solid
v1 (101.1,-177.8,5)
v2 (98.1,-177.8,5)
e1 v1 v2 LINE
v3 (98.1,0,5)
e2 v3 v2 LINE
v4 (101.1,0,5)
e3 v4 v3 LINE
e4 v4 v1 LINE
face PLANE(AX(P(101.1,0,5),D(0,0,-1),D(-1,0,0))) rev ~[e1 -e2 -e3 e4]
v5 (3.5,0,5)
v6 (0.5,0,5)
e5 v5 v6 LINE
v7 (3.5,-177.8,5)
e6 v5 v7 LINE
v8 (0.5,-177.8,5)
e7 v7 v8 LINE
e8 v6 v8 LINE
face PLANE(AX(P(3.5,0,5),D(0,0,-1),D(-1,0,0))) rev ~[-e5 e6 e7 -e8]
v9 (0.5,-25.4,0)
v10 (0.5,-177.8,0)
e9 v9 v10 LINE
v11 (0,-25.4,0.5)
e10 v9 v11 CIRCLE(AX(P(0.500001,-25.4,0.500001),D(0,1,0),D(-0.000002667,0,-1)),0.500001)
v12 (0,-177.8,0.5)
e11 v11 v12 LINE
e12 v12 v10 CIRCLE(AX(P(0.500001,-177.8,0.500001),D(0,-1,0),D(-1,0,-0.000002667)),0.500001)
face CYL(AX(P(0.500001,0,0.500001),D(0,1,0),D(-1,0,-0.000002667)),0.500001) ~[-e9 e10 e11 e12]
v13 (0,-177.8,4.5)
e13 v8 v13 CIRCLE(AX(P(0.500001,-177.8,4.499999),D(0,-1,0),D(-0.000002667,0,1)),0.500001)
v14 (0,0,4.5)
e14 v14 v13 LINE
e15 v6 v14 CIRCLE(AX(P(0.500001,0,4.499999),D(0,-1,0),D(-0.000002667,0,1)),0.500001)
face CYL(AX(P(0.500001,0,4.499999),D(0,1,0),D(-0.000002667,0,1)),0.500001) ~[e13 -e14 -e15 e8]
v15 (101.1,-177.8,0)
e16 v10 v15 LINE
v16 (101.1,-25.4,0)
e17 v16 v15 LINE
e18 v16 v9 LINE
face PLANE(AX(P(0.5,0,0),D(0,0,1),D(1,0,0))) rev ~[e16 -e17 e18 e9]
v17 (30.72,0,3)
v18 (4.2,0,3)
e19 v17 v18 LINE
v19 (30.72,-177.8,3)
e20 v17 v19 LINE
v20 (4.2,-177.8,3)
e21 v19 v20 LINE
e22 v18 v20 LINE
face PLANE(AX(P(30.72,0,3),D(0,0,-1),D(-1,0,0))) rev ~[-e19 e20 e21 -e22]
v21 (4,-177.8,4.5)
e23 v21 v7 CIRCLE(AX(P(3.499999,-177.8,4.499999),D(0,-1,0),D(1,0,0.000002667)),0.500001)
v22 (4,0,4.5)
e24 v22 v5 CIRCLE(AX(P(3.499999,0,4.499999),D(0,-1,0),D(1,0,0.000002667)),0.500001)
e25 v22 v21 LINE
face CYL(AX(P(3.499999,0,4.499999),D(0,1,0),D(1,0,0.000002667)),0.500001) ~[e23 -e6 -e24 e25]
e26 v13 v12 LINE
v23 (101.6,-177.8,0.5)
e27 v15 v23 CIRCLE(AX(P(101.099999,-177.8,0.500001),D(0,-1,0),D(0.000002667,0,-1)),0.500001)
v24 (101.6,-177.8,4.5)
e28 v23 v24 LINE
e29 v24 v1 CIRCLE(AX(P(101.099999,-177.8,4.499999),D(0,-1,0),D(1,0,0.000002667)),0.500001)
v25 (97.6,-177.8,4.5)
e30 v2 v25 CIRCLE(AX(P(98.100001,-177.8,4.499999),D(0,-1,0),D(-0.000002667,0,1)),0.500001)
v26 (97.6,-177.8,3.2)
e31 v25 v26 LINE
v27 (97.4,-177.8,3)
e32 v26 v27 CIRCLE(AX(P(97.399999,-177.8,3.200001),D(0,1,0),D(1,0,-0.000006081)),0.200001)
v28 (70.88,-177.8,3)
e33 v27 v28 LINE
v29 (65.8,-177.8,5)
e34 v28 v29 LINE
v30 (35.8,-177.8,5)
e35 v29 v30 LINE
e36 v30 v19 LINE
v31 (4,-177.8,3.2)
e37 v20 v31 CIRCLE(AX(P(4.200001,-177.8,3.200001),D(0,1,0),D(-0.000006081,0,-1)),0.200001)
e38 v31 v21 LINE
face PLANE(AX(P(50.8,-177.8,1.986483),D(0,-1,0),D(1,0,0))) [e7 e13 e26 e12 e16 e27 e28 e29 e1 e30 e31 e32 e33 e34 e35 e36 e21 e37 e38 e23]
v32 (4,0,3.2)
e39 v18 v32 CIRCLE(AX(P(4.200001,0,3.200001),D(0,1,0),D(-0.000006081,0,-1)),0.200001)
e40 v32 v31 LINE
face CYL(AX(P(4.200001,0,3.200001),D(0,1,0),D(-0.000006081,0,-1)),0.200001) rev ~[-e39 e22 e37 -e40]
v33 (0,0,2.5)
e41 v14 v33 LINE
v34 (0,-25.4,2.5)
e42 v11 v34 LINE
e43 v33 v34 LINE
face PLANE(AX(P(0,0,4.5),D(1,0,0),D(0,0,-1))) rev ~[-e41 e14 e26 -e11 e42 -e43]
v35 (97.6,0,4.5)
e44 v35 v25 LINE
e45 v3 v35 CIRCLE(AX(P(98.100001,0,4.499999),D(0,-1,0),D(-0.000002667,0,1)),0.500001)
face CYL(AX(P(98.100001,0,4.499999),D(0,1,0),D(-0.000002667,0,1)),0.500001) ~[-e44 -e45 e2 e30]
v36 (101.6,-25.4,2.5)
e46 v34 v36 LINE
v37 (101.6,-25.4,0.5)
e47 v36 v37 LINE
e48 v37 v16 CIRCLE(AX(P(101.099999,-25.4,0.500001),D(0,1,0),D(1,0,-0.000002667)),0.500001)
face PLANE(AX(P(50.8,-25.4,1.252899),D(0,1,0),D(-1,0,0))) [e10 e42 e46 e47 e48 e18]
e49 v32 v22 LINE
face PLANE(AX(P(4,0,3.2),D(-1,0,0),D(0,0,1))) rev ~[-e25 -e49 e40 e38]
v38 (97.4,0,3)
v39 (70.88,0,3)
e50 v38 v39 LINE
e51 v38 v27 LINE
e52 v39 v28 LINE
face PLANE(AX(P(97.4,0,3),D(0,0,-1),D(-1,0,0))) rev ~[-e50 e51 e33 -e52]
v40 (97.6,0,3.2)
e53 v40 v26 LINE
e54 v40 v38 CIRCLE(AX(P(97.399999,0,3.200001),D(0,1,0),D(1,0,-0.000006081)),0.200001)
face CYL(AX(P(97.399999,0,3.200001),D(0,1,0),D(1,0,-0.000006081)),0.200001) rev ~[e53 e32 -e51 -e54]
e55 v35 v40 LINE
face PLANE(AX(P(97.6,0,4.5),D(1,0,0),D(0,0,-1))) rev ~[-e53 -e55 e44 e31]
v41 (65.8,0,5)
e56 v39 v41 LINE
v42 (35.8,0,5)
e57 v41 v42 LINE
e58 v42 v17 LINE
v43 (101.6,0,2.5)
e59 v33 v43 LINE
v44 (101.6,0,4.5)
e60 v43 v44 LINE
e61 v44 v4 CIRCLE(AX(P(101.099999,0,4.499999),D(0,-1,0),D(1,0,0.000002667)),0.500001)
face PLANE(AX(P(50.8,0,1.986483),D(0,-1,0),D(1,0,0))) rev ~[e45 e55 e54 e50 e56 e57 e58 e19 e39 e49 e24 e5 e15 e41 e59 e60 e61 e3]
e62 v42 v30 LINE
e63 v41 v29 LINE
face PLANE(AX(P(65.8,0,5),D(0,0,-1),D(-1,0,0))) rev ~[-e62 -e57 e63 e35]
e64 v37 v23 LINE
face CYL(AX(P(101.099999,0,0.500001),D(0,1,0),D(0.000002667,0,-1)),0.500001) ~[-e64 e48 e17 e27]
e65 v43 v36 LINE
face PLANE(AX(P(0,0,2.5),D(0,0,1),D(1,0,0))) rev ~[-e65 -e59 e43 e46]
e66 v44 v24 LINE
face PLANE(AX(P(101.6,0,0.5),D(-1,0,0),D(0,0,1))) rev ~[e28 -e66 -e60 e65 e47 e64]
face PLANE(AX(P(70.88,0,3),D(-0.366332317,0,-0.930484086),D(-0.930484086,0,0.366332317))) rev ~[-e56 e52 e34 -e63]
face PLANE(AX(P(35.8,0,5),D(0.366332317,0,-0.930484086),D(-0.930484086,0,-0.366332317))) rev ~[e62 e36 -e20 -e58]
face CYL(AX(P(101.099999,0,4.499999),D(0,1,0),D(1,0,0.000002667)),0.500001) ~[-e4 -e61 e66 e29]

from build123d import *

# Parameters (mm, degrees)
F1_DEPTH = 177.8
F3_DEPTH = 25.4


with BuildPart() as f1:
    # F0 (on Front) → F1 (new body)
    with BuildSketch(Plane.XZ):
        with BuildLine():
            ThreePointArc((0, 0.5), (0.146447, 0.146447), (0.5, 0))
            Line((0.5, 0), (101.1, 0))
            ThreePointArc((101.1, 0), (101.453553, 0.146447), (101.6, 0.5))
            Line((101.6, 0.5), (101.6, 4.5))
            ThreePointArc((101.6, 4.5), (101.453553, 4.853553), (101.1, 5))
            Line((101.1, 5), (98.1, 5))
            ThreePointArc((98.1, 5), (97.746447, 4.853553), (97.6, 4.5))
            Line((97.6, 4.5), (97.6, 3.2))
            ThreePointArc((97.6, 3.2), (97.541421, 3.058579), (97.4, 3))
            Line((97.4, 3), (70.88, 3))
            Line((70.88, 3), (65.8, 5))
            Line((65.8, 5), (35.8, 5))
            Line((35.8, 5), (30.72, 3))
            Line((30.72, 3), (4.2, 3))
            ThreePointArc((4.2, 3), (4.058579, 3.058579), (4, 3.2))
            Line((4, 3.2), (4, 4.5))
            ThreePointArc((4, 4.5), (3.853553, 4.853553), (3.5, 5))
            Line((3.5, 5), (0.5, 5))
            ThreePointArc((0.5, 5), (0.146447, 4.853553), (0, 4.5))
            Line((0, 4.5), (0, 0.5))
        make_face()
    extrude(amount=F1_DEPTH)

    # F2 (on face) → F3 (cut)
    with BuildSketch(Plane(origin=(0, 0, 0), x_dir=(-1, 0, 0), z_dir=(0, 1, 0))):
        with BuildLine():
            Line((0, 2.5), (-101.6, 2.5))
            Line((-101.6, 2.5), (-101.6, 0.5))
            ThreePointArc((-101.6, 0.5), (-101.453553, 0.146447), (-101.1, 0))
            Line((-101.1, 0), (-0.5, 0))
            ThreePointArc((-0.5, 0), (-0.146447, 0.146447), (0, 0.5))
            Line((0, 0.5), (0, 2.5))
        make_face()
    extrude(amount=-F3_DEPTH, mode=Mode.SUBTRACT)


solid = f1.part
